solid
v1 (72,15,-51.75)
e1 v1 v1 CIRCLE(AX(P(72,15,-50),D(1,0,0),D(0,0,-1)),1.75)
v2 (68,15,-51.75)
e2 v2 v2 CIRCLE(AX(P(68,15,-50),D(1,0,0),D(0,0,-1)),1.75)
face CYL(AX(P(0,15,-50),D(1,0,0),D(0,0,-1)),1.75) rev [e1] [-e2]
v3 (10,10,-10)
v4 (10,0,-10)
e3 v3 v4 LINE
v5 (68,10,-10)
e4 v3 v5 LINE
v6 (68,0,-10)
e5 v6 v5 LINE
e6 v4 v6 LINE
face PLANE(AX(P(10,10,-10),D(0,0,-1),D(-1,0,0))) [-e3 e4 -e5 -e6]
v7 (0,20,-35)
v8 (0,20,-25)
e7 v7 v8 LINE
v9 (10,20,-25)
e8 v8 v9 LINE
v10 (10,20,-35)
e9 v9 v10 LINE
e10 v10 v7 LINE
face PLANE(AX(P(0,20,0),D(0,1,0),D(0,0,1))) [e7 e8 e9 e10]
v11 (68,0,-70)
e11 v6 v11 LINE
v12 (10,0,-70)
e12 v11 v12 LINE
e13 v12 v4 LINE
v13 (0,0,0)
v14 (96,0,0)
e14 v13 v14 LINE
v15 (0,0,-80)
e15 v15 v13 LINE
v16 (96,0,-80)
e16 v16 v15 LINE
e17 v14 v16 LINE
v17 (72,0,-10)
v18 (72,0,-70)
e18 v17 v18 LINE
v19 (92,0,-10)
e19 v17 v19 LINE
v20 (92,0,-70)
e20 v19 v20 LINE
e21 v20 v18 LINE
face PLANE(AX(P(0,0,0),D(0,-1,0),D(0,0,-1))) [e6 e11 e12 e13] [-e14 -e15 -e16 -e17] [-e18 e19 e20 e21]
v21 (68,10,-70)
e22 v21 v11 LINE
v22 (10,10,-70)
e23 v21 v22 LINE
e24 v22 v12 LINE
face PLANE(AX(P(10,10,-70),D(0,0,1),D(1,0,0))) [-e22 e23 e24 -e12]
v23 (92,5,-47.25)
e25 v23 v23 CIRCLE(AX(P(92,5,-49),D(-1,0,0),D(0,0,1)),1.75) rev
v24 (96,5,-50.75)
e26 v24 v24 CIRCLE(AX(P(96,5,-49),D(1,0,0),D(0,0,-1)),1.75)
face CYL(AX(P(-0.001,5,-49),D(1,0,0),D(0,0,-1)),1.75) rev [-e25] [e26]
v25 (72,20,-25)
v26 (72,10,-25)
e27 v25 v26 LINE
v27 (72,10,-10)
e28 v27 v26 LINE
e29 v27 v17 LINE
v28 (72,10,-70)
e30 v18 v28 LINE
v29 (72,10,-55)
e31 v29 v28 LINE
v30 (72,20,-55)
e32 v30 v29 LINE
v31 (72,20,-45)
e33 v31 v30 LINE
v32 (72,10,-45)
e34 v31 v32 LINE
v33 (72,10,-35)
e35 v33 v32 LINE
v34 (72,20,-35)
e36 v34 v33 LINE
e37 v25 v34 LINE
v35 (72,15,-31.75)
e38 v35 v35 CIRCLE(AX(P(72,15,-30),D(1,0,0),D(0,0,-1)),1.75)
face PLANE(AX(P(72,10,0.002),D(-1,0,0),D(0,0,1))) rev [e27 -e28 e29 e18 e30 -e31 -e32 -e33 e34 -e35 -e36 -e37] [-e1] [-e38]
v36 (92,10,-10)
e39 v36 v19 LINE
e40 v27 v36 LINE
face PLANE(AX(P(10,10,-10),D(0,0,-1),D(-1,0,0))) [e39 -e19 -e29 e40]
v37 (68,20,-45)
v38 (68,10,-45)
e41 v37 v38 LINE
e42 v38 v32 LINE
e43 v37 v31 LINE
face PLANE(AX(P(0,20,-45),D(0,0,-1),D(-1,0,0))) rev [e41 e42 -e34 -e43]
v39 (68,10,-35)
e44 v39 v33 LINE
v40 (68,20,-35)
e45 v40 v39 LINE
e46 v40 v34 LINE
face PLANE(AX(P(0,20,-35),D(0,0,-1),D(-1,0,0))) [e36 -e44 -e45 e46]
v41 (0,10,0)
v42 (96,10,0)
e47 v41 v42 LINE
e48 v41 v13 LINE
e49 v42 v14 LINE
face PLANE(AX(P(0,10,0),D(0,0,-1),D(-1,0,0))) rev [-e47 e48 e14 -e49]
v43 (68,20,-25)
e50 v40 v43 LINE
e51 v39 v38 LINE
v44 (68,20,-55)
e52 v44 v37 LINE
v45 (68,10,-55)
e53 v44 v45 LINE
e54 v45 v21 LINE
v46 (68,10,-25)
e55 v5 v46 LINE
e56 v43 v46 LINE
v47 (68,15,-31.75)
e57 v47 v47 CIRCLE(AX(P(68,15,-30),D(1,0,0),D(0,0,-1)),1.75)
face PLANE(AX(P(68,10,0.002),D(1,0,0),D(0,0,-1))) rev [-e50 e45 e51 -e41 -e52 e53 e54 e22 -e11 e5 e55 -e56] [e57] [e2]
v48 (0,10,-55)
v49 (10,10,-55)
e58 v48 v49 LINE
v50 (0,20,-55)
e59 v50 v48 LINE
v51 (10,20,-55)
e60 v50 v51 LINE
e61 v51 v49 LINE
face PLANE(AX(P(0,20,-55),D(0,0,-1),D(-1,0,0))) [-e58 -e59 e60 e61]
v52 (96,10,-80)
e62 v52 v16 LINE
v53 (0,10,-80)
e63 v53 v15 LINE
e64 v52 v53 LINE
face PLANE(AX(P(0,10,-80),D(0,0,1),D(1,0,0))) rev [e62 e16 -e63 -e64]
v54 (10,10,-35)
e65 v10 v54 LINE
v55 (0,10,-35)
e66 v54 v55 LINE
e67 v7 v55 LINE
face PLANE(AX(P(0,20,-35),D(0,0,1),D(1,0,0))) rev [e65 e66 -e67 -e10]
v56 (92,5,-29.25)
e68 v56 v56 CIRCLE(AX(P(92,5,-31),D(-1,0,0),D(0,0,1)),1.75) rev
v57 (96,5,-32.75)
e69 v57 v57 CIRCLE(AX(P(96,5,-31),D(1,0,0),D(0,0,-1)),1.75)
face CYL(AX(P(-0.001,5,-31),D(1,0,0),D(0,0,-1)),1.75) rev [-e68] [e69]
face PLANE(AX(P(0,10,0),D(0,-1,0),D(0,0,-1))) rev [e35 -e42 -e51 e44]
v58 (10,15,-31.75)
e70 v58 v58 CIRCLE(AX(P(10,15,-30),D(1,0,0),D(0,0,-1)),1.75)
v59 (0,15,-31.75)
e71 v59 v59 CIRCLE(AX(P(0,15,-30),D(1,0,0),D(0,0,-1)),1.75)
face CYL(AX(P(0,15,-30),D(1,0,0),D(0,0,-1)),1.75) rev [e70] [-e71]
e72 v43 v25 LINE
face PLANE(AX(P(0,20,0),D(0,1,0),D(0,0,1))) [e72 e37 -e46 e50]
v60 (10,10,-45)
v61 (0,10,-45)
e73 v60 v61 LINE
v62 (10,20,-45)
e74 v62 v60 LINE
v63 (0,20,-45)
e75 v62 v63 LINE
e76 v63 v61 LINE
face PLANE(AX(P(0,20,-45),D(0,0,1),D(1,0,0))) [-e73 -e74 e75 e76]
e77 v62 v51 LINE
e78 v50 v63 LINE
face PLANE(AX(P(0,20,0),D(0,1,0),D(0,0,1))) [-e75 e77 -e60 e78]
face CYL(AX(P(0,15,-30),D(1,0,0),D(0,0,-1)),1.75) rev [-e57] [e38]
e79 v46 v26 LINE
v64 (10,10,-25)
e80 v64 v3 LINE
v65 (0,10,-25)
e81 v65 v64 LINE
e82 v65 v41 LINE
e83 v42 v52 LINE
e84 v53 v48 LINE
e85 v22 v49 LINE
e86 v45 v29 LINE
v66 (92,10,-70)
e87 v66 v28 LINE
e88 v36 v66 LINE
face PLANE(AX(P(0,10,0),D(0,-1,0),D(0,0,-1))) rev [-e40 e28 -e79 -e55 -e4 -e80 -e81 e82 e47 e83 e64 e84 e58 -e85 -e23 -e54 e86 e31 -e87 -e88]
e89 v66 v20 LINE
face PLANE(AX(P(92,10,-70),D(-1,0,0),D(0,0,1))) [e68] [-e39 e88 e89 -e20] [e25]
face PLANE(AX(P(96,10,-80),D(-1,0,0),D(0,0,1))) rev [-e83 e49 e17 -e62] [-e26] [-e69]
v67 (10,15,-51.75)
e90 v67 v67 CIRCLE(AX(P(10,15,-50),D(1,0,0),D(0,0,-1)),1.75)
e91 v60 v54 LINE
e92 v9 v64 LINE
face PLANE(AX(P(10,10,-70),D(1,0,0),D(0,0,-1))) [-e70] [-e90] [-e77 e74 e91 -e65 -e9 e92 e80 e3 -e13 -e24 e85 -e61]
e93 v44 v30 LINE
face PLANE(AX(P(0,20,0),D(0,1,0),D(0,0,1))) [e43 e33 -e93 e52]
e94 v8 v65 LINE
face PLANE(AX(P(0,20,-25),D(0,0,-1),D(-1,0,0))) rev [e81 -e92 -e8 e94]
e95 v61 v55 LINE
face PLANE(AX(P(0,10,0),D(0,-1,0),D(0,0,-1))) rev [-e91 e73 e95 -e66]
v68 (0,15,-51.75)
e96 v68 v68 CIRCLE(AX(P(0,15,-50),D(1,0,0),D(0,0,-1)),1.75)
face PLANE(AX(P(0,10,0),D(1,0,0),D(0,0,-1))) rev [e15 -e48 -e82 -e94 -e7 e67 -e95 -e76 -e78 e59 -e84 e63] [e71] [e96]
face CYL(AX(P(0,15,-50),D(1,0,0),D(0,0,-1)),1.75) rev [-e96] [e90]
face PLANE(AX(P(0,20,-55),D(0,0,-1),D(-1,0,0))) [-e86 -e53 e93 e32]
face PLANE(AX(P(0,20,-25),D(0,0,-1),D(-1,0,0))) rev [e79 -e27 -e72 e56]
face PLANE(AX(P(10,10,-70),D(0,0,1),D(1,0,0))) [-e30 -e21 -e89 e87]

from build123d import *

# Parameters (mm, degrees)
SKETCH1_W           = 96
SKETCH1_H           = 80
SKETCH1_W_2         = 82
SKETCH1_H_2         = 60
BOSS_EXTRUDE1_DEPTH = 10
BOSS_EXTRUDE2_REACH = 121.231
SKETCH5_W           = 4
SKETCH5_H           = 10
SKETCH6_W           = 10
SKETCH6_H           = 10
SKETCH6_W_2         = 4
BOSS_EXTRUDE3_DEPTH = 10
SKETCH7_R           = 1.75
CUT_EXTRUDE3_DEPTH  = 110.471457467
CUT_EXTRUDE4_REACH  = 128.554
SKETCH10_R          = 1.75


with BuildPart() as part:
    # Sketch1 → Boss-Extrude1 (new body)
    with BuildSketch(Plane(origin=(0, 0, 0), x_dir=(1, 0, 0), z_dir=(0, 1, 0))):
        with Locations((48, 40)):
            Rectangle(SKETCH1_W, SKETCH1_H)
        with Locations((51, 40)):
            Rectangle(SKETCH1_W_2, SKETCH1_H_2, mode=Mode.SUBTRACT)
    extrude(amount=BOSS_EXTRUDE1_DEPTH)

    # Sketch5 → Boss-Extrude2 (add, up to next)
    with BuildSketch(Plane.XY.offset(-70), mode=Mode.PRIVATE) as boss_extrude2_sk1:
        with Locations((70, 5)):
            Rectangle(SKETCH5_W, SKETCH5_H)
    boss_extrude2_tool1 = extrude(boss_extrude2_sk1.sketch, amount=BOSS_EXTRUDE2_REACH, mode=Mode.PRIVATE) - part.part
    add(boss_extrude2_tool1.solids().sort_by_distance((70, 5, -70))[0])

    # Sketch6 → Boss-Extrude3 (add)
    with BuildSketch(Plane(origin=(0, 10, 0), x_dir=(1, 0, 0), z_dir=(0, 1, 0))):
        with Locations((5, 50)):
            Rectangle(SKETCH6_W, SKETCH6_H)
        with Locations((5, 30)):
            Rectangle(SKETCH6_W, SKETCH6_H)
        with Locations((70, 50)):
            Rectangle(SKETCH6_W_2, SKETCH6_H)
        with Locations((70, 30)):
            Rectangle(SKETCH6_W_2, SKETCH6_H)
    extrude(amount=BOSS_EXTRUDE3_DEPTH)

    # Sketch7 → Cut-Extrude3 (cut, through all)
    with BuildSketch(Plane(origin=(72, 0, 0), x_dir=(0, 0, -1), z_dir=(1, 0, 0))):
        with Locations((30, 15)):
            Circle(SKETCH7_R)
        with Locations((50, 15)):
            Circle(SKETCH7_R)
    extrude(amount=-CUT_EXTRUDE3_DEPTH, mode=Mode.SUBTRACT)

    # Sketch10 → Cut-Extrude4 (cut, up to next)
    with BuildSketch(Plane(origin=(96, 0, 0), x_dir=(0, 0, -1), z_dir=(1, 0, 0)), mode=Mode.PRIVATE) as cut_extrude4_sk1:
        with Locations((31, 5)):
            Circle(SKETCH10_R)
    cut_extrude4_tool1 = extrude(cut_extrude4_sk1.sketch, amount=-CUT_EXTRUDE4_REACH, mode=Mode.PRIVATE) & part.part
    # Sketch10 → Cut-Extrude4 (cut, up to next)
    with BuildSketch(Plane(origin=(96, 0, 0), x_dir=(0, 0, -1), z_dir=(1, 0, 0)), mode=Mode.PRIVATE) as cut_extrude4_sk2:
        with Locations((49, 5)):
            Circle(SKETCH10_R)
    cut_extrude4_tool2 = extrude(cut_extrude4_sk2.sketch, amount=-CUT_EXTRUDE4_REACH, mode=Mode.PRIVATE) & part.part
    add(cut_extrude4_tool1.solids().sort_by_distance((96, 5, -31))[0], mode=Mode.SUBTRACT)
    add(cut_extrude4_tool2.solids().sort_by_distance((96, 5, -49))[0], mode=Mode.SUBTRACT)


solid = part.part
